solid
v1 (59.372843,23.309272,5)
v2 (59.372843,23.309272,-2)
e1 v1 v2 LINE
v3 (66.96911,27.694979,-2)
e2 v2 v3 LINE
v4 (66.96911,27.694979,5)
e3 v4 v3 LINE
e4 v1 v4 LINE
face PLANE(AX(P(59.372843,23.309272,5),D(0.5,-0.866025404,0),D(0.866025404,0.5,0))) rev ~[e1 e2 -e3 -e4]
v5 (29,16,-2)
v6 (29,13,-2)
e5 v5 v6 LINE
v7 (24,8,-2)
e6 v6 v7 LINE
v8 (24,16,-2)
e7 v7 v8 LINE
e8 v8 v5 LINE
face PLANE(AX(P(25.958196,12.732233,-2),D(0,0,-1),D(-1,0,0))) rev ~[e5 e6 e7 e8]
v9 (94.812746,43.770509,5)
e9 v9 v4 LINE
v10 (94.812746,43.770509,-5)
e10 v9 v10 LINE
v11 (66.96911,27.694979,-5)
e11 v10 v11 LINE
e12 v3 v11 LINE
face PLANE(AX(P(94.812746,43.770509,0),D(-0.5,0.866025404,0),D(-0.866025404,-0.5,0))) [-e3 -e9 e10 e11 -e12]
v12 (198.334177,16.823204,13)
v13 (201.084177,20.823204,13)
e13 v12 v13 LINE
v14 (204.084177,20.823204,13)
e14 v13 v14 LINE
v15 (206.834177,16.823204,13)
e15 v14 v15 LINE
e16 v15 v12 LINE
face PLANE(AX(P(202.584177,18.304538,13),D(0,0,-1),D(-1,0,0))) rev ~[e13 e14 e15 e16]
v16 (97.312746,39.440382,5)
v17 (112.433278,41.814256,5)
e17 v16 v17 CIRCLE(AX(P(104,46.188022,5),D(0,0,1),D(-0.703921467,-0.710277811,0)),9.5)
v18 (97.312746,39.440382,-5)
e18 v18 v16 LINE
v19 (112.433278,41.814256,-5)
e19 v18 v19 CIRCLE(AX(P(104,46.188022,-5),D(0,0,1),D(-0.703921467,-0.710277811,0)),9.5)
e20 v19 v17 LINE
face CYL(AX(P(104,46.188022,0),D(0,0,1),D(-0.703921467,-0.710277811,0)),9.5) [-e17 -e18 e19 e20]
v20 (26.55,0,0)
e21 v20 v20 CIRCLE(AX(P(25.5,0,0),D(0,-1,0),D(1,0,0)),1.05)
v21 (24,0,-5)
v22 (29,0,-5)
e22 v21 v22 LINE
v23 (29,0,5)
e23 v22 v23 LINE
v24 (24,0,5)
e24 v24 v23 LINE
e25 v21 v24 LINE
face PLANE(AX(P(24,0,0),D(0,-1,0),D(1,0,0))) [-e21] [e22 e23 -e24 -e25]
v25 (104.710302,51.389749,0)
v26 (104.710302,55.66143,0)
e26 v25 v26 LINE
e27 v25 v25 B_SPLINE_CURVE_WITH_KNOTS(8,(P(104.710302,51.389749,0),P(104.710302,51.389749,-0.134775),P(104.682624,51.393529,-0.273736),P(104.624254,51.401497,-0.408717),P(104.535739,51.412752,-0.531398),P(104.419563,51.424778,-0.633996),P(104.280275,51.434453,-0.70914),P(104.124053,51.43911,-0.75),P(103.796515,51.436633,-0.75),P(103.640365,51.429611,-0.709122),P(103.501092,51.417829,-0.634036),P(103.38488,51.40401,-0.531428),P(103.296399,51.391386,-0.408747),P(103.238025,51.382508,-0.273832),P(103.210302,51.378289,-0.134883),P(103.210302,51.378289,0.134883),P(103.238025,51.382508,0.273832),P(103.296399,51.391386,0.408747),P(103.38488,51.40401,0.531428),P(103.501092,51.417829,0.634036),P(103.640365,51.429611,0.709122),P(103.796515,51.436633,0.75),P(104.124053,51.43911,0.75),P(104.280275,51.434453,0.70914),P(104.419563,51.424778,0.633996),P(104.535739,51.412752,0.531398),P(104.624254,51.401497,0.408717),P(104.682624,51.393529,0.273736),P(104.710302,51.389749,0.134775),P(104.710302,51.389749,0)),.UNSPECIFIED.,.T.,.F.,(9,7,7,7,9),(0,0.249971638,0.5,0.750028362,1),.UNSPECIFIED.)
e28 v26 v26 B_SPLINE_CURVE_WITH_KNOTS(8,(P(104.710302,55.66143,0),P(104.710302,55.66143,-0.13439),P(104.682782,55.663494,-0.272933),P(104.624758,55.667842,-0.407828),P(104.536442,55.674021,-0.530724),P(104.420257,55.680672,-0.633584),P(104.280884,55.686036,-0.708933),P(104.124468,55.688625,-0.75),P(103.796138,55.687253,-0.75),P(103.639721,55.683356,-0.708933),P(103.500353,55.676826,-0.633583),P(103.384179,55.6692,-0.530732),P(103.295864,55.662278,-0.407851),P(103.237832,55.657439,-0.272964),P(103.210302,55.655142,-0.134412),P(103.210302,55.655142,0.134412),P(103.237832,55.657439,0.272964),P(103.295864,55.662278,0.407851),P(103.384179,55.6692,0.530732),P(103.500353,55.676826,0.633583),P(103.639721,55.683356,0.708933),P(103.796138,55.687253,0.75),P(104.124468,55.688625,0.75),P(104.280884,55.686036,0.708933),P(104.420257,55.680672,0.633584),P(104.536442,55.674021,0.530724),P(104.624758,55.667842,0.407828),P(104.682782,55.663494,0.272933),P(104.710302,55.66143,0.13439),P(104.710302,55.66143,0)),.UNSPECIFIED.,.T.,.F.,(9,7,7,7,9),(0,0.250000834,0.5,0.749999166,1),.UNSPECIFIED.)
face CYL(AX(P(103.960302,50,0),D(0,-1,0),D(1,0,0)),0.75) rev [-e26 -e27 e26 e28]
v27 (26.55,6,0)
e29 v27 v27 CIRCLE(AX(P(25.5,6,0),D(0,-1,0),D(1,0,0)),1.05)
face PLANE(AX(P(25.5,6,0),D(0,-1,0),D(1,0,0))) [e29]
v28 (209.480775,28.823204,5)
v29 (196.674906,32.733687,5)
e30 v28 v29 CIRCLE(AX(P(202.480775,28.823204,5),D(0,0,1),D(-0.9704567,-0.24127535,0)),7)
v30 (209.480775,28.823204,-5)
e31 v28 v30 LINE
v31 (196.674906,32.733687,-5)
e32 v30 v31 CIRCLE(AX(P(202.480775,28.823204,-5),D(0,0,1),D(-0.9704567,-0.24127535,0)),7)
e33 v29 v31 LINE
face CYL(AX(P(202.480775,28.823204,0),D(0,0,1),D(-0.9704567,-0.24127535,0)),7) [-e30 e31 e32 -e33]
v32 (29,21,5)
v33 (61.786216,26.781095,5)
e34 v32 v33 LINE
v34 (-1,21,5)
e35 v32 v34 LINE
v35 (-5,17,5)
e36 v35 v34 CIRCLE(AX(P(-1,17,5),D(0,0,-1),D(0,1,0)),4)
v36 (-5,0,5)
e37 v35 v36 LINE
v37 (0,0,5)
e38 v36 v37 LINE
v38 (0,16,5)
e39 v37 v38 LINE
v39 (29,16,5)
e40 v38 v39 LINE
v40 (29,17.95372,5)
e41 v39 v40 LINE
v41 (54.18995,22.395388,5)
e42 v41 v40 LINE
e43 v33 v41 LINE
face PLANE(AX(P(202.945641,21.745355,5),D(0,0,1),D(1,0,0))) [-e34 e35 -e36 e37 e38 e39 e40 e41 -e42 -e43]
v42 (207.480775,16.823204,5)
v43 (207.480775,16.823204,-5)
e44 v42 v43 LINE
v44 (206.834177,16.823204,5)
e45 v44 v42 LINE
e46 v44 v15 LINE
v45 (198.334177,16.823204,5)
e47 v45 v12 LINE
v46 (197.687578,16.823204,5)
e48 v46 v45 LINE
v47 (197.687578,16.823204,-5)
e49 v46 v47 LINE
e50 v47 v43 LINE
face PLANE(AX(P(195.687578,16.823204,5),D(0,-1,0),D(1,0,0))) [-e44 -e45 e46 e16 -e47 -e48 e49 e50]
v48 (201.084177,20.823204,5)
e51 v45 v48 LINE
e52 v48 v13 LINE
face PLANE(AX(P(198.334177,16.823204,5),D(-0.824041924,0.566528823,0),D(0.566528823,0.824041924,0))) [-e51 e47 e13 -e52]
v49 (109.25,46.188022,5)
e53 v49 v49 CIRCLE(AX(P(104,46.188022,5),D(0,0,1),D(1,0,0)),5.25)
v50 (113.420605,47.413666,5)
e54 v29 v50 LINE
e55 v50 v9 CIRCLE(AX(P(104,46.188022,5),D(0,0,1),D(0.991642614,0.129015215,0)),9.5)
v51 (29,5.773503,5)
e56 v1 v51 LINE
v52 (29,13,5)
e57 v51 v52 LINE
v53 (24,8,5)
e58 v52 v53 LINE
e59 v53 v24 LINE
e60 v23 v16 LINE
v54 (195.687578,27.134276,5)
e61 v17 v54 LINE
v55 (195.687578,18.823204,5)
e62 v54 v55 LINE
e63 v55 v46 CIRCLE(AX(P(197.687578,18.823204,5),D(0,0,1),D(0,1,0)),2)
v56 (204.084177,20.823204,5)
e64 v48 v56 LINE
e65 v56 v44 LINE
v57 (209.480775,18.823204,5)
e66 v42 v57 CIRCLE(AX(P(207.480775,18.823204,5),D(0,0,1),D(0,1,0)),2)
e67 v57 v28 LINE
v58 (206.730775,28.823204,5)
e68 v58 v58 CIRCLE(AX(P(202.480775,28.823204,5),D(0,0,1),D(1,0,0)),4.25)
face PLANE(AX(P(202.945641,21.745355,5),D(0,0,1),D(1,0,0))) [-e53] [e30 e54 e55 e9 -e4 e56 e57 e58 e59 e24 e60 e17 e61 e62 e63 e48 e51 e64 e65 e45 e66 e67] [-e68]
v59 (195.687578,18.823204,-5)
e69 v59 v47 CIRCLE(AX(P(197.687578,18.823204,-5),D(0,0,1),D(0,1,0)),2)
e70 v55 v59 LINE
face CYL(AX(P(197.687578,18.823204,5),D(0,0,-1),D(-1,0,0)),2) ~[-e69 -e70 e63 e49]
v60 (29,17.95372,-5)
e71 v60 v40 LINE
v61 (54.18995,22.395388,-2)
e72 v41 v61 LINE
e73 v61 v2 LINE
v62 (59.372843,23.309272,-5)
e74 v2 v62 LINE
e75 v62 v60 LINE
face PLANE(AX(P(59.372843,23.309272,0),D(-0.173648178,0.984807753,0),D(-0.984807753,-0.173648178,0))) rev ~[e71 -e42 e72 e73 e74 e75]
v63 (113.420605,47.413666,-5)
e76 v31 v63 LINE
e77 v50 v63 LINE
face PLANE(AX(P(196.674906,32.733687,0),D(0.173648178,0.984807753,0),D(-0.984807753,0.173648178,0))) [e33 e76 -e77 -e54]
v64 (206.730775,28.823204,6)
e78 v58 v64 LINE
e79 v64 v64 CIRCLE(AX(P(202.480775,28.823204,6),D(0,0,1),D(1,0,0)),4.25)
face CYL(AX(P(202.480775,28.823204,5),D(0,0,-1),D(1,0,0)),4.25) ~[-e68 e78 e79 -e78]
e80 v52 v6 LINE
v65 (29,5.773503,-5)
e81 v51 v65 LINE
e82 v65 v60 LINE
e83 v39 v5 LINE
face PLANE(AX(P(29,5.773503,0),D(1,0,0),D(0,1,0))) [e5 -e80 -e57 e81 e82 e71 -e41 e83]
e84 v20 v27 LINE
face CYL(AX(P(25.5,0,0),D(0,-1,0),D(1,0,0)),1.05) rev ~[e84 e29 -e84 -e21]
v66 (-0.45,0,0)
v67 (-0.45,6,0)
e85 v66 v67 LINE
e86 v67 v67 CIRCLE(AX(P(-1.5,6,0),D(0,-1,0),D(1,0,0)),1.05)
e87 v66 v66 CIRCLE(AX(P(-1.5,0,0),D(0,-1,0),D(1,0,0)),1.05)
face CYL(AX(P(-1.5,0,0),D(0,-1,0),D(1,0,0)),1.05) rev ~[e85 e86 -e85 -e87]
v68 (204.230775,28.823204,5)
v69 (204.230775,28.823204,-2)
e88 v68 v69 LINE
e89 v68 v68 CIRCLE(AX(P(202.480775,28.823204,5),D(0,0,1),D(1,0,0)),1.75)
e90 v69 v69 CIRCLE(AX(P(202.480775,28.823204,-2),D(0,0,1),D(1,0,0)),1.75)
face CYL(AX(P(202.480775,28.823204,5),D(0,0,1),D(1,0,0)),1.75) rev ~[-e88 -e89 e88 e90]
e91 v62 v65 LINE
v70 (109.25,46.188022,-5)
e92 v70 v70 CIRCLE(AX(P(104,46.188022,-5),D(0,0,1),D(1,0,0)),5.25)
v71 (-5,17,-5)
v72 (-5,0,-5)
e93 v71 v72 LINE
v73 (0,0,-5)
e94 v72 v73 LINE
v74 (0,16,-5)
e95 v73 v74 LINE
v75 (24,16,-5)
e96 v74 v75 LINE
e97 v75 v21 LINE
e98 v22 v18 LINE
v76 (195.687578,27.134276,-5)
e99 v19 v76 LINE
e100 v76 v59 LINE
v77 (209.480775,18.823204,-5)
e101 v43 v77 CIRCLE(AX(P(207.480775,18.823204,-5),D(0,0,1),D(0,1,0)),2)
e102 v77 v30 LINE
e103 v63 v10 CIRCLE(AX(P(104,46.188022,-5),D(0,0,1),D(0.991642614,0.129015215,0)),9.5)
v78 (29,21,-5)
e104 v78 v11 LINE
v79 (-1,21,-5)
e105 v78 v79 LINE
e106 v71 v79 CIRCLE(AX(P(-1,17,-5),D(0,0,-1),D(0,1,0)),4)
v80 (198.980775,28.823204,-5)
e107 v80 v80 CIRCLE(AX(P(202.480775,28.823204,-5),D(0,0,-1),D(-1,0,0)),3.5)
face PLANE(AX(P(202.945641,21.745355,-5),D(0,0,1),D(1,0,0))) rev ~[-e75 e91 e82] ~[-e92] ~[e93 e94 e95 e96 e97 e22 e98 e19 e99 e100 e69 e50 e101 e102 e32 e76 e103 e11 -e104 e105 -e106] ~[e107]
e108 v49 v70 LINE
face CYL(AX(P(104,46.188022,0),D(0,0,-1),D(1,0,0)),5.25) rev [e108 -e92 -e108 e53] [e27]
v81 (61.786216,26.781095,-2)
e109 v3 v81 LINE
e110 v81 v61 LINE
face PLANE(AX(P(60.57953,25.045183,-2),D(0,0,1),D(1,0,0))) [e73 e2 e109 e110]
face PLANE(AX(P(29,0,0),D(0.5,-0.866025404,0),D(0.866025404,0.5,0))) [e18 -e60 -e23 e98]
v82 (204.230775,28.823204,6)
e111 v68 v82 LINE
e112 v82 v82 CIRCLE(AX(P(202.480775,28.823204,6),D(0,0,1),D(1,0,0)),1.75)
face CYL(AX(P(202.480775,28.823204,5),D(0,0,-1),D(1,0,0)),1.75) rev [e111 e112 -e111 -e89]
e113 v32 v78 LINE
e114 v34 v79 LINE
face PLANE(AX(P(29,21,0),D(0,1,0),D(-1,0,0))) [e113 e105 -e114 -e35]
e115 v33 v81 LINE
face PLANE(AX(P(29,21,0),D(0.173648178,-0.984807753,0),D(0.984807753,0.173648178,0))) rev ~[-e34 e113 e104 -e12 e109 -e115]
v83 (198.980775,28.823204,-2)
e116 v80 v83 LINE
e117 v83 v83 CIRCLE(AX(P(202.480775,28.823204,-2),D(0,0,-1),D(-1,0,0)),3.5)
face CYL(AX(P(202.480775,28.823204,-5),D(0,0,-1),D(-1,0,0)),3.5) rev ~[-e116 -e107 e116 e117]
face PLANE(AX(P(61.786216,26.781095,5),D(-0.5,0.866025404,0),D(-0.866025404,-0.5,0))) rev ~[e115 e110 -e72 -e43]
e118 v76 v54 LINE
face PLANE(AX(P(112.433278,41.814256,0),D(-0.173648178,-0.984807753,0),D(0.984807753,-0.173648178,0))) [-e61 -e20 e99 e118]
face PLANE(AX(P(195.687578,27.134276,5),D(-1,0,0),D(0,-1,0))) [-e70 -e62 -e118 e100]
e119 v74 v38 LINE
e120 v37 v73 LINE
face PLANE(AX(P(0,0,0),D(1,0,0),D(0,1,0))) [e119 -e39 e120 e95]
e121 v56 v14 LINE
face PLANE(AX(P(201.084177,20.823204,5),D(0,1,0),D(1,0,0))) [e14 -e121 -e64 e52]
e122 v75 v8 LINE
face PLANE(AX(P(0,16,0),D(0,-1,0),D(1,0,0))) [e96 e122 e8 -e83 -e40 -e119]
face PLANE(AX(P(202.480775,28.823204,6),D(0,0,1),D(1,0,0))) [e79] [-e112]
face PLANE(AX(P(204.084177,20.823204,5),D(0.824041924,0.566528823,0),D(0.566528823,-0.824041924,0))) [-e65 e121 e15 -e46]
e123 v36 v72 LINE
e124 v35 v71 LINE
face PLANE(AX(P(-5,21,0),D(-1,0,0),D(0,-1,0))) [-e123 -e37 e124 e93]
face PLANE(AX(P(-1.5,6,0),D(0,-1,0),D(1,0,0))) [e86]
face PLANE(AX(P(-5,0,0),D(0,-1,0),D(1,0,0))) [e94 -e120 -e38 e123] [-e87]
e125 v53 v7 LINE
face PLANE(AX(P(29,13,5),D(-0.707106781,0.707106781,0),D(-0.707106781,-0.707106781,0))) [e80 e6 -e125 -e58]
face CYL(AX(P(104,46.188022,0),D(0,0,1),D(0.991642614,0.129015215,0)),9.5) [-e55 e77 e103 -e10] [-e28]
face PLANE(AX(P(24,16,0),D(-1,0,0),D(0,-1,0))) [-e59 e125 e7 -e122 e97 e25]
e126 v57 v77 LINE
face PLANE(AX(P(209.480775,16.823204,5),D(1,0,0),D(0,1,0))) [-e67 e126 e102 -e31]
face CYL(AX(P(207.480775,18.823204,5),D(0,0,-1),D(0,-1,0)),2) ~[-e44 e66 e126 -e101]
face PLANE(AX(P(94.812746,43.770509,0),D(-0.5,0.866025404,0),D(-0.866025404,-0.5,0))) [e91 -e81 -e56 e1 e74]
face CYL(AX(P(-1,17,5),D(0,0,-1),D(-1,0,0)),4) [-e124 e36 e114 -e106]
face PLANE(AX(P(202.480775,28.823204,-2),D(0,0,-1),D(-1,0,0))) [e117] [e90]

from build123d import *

# Parameters (mm, degrees)
SKICA1_R                 = 5.25
P_IDAT_VYSUNUT_M1_DEPTH  = 5
ZAOBLIT1_R               = 4
P_IDAT_VYSUNUT_M3_DEPTH  = 5
SKICA5_R                 = 4.25
SKICA5_R_2               = 1.75
P_IDAT_VYSUNUT_M4_DEPTH  = 1
SKICA8_R                 = 1.05
ODEBRAT_VYSUNUT_M3_DEPTH = 6
ODEBRAT_VYSUNUT_M4_DEPTH = 7
SKICA2_R                 = 1.75
ODEBRAT_VYSUNUT_M5_DEPTH = 10
SKICA10_R                = 3.5
ODEBRAT_VYSUNUT_M6_DEPTH = 3
ODEBRAT_START            = 50
SKICA11_R                = 0.75
ODEBRAT_VYSUNUT_M7_DEPTH = 10
P_IDAT_VYSUNUT_M5_DEPTH  = 10
P_IDAT_VYSUNUT_M6_DEPTH  = 8
ZAOBLIT2_R               = 2
ODEBRAT_VYSUNUT_M8_DEPTH = 7


with BuildPart() as part:
    # Skica1 → Přidat vysunutím1 (new body, symmetric)
    with BuildSketch(Plane.XY):
        with BuildLine():
            Line((0, 0), (0, 16))
            Line((0, 16), (24, 16))
            Line((24, 16), (24, 0))
            Line((24, 0), (29, 0))
            Line((29, 0), (97.312746067, 39.440382331))
            ThreePointArc((97.312746067, 39.440382331), (105.473420704, 36.802978572), (112.433277726, 41.81425579))
            Line((112.433277726, 41.81425579), (195.687578405, 27.134276321))
            ThreePointArc((195.687578405, 27.134276321), (209.374429572, 27.607666525), (196.674905514, 32.733686604))
            Line((196.674905514, 32.733686604), (113.420604835, 47.413666074))
            ThreePointArc((113.420604835, 47.413666074), (102.174688824, 55.511016714), (94.812746067, 43.77050935))
            Line((94.812746067, 43.77050935), (29, 5.773502692))
            Line((29, 5.773502692), (29, 21))
            Line((29, 21), (-5, 21))
            Line((-5, 21), (-5, 0))
            Line((-5, 0), (0, 0))
        make_face()
        with Locations((104, 46.188021535)):
            Circle(SKICA1_R, mode=Mode.SUBTRACT)
    extrude(amount=P_IDAT_VYSUNUT_M1_DEPTH, both=True)

    # Zaoblit1
    zaoblit1_edges = [part.edges().sort_by_distance(p)[0] for p in [
        (-5, 21, 0),
    ]]
    fillet(zaoblit1_edges, radius=ZAOBLIT1_R)

    # Skica4 → Přidat vysunutím3 (add, symmetric)
    with BuildSketch(Plane.XY):
        Polygon((29, 21), (66.969109888, 27.694978507), (59.37284323, 23.309271907), (29, 17.953720164), align=None)
    extrude(amount=P_IDAT_VYSUNUT_M3_DEPTH, both=True)

    # Skica5 → Přidat vysunutím4 (add)
    with BuildSketch(Plane.XY.offset(5)):
        with Locations((202.480775301, 28.823203768)):
            Circle(SKICA5_R)
        with Locations((202.480775301, 28.823203768)):
            Circle(SKICA5_R_2, mode=Mode.SUBTRACT)
    extrude(amount=P_IDAT_VYSUNUT_M4_DEPTH)

    # Skica8 → Odebrat vysunutím3 (cut)
    with BuildSketch(Plane.XZ):
        with Locations((-1.5, 0)):
            Circle(SKICA8_R)
        with Locations((25.5, 0)):
            Circle(SKICA8_R)
    extrude(amount=-ODEBRAT_VYSUNUT_M3_DEPTH, mode=Mode.SUBTRACT)

    # Skica9 → Odebrat vysunutím4 (cut)
    with BuildSketch(Plane.XY.offset(5)):
        Polygon((24, 16), (29, 16), (29, 13), (24, 8), align=None)
    extrude(amount=-ODEBRAT_VYSUNUT_M4_DEPTH, mode=Mode.SUBTRACT)

    # Skica2 → Odebrat vysunutím5 (cut)
    with BuildSketch(Plane.XY.offset(5)):
        with Locations((202.480775301, 28.823203768)):
            Circle(SKICA2_R)
    extrude(amount=-ODEBRAT_VYSUNUT_M5_DEPTH, mode=Mode.SUBTRACT)

    # Skica10 → Odebrat vysunutím6 (cut)
    with BuildSketch(Plane(origin=(0, 0, -5), x_dir=(-1, 0, 0), z_dir=(0, 0, -1))):
        with Locations((-202.480775301, 28.823203768)):
            Circle(SKICA10_R)
    extrude(amount=-ODEBRAT_VYSUNUT_M6_DEPTH, mode=Mode.SUBTRACT)

    # Skica11 → Odebrat vysunutím7 (cut)
    with BuildSketch(Plane(origin=(0, 0, 0), x_dir=(1, 0, 0), z_dir=(0, 1, 0)).offset(ODEBRAT_START)):
        with Locations((103.960302418, 0)):
            Circle(SKICA11_R)
    extrude(amount=ODEBRAT_VYSUNUT_M7_DEPTH, mode=Mode.SUBTRACT)

    # Skica12 → Přidat vysunutím5 (add)
    with BuildSketch(Plane.XY.offset(5)):
        with BuildLine():
            Line((195.687578405, 27.134276321), (195.687578405, 16.823203768))
            Line((195.687578405, 16.823203768), (209.480775301, 16.823203768))
            Line((209.480775301, 16.823203768), (209.480775301, 28.823203768))
            ThreePointArc((209.480775301, 28.823203768), (203.331546047, 21.875096894), (195.687578405, 27.134276321))
        make_face()
    extrude(amount=-P_IDAT_VYSUNUT_M5_DEPTH)

    # Skica13 → Přidat vysunutím6 (add)
    with BuildSketch(Plane.XY.offset(5)):
        Polygon((201.084176853, 20.823203768), (204.084176853, 20.823203768), (206.834176853, 16.823203768), (198.334176853, 16.823203768), align=None)
    extrude(amount=P_IDAT_VYSUNUT_M6_DEPTH)

    # Zaoblit2
    zaoblit2_edges = [part.edges().sort_by_distance(p)[0] for p in [
        (209.480775301, 16.823203768, 0),
        (195.687578405, 16.823203768, 0),
    ]]
    fillet(zaoblit2_edges, radius=ZAOBLIT2_R)

    # Skica14 → Odebrat vysunutím8 (cut)
    with BuildSketch(Plane.XY.offset(5)):
        Polygon((59.37284323, 23.309271907), (66.969109888, 27.694978507), (61.786216453, 26.781094556), (54.189949795, 22.395387956), align=None)
    extrude(amount=-ODEBRAT_VYSUNUT_M8_DEPTH, mode=Mode.SUBTRACT)


solid = part.part
